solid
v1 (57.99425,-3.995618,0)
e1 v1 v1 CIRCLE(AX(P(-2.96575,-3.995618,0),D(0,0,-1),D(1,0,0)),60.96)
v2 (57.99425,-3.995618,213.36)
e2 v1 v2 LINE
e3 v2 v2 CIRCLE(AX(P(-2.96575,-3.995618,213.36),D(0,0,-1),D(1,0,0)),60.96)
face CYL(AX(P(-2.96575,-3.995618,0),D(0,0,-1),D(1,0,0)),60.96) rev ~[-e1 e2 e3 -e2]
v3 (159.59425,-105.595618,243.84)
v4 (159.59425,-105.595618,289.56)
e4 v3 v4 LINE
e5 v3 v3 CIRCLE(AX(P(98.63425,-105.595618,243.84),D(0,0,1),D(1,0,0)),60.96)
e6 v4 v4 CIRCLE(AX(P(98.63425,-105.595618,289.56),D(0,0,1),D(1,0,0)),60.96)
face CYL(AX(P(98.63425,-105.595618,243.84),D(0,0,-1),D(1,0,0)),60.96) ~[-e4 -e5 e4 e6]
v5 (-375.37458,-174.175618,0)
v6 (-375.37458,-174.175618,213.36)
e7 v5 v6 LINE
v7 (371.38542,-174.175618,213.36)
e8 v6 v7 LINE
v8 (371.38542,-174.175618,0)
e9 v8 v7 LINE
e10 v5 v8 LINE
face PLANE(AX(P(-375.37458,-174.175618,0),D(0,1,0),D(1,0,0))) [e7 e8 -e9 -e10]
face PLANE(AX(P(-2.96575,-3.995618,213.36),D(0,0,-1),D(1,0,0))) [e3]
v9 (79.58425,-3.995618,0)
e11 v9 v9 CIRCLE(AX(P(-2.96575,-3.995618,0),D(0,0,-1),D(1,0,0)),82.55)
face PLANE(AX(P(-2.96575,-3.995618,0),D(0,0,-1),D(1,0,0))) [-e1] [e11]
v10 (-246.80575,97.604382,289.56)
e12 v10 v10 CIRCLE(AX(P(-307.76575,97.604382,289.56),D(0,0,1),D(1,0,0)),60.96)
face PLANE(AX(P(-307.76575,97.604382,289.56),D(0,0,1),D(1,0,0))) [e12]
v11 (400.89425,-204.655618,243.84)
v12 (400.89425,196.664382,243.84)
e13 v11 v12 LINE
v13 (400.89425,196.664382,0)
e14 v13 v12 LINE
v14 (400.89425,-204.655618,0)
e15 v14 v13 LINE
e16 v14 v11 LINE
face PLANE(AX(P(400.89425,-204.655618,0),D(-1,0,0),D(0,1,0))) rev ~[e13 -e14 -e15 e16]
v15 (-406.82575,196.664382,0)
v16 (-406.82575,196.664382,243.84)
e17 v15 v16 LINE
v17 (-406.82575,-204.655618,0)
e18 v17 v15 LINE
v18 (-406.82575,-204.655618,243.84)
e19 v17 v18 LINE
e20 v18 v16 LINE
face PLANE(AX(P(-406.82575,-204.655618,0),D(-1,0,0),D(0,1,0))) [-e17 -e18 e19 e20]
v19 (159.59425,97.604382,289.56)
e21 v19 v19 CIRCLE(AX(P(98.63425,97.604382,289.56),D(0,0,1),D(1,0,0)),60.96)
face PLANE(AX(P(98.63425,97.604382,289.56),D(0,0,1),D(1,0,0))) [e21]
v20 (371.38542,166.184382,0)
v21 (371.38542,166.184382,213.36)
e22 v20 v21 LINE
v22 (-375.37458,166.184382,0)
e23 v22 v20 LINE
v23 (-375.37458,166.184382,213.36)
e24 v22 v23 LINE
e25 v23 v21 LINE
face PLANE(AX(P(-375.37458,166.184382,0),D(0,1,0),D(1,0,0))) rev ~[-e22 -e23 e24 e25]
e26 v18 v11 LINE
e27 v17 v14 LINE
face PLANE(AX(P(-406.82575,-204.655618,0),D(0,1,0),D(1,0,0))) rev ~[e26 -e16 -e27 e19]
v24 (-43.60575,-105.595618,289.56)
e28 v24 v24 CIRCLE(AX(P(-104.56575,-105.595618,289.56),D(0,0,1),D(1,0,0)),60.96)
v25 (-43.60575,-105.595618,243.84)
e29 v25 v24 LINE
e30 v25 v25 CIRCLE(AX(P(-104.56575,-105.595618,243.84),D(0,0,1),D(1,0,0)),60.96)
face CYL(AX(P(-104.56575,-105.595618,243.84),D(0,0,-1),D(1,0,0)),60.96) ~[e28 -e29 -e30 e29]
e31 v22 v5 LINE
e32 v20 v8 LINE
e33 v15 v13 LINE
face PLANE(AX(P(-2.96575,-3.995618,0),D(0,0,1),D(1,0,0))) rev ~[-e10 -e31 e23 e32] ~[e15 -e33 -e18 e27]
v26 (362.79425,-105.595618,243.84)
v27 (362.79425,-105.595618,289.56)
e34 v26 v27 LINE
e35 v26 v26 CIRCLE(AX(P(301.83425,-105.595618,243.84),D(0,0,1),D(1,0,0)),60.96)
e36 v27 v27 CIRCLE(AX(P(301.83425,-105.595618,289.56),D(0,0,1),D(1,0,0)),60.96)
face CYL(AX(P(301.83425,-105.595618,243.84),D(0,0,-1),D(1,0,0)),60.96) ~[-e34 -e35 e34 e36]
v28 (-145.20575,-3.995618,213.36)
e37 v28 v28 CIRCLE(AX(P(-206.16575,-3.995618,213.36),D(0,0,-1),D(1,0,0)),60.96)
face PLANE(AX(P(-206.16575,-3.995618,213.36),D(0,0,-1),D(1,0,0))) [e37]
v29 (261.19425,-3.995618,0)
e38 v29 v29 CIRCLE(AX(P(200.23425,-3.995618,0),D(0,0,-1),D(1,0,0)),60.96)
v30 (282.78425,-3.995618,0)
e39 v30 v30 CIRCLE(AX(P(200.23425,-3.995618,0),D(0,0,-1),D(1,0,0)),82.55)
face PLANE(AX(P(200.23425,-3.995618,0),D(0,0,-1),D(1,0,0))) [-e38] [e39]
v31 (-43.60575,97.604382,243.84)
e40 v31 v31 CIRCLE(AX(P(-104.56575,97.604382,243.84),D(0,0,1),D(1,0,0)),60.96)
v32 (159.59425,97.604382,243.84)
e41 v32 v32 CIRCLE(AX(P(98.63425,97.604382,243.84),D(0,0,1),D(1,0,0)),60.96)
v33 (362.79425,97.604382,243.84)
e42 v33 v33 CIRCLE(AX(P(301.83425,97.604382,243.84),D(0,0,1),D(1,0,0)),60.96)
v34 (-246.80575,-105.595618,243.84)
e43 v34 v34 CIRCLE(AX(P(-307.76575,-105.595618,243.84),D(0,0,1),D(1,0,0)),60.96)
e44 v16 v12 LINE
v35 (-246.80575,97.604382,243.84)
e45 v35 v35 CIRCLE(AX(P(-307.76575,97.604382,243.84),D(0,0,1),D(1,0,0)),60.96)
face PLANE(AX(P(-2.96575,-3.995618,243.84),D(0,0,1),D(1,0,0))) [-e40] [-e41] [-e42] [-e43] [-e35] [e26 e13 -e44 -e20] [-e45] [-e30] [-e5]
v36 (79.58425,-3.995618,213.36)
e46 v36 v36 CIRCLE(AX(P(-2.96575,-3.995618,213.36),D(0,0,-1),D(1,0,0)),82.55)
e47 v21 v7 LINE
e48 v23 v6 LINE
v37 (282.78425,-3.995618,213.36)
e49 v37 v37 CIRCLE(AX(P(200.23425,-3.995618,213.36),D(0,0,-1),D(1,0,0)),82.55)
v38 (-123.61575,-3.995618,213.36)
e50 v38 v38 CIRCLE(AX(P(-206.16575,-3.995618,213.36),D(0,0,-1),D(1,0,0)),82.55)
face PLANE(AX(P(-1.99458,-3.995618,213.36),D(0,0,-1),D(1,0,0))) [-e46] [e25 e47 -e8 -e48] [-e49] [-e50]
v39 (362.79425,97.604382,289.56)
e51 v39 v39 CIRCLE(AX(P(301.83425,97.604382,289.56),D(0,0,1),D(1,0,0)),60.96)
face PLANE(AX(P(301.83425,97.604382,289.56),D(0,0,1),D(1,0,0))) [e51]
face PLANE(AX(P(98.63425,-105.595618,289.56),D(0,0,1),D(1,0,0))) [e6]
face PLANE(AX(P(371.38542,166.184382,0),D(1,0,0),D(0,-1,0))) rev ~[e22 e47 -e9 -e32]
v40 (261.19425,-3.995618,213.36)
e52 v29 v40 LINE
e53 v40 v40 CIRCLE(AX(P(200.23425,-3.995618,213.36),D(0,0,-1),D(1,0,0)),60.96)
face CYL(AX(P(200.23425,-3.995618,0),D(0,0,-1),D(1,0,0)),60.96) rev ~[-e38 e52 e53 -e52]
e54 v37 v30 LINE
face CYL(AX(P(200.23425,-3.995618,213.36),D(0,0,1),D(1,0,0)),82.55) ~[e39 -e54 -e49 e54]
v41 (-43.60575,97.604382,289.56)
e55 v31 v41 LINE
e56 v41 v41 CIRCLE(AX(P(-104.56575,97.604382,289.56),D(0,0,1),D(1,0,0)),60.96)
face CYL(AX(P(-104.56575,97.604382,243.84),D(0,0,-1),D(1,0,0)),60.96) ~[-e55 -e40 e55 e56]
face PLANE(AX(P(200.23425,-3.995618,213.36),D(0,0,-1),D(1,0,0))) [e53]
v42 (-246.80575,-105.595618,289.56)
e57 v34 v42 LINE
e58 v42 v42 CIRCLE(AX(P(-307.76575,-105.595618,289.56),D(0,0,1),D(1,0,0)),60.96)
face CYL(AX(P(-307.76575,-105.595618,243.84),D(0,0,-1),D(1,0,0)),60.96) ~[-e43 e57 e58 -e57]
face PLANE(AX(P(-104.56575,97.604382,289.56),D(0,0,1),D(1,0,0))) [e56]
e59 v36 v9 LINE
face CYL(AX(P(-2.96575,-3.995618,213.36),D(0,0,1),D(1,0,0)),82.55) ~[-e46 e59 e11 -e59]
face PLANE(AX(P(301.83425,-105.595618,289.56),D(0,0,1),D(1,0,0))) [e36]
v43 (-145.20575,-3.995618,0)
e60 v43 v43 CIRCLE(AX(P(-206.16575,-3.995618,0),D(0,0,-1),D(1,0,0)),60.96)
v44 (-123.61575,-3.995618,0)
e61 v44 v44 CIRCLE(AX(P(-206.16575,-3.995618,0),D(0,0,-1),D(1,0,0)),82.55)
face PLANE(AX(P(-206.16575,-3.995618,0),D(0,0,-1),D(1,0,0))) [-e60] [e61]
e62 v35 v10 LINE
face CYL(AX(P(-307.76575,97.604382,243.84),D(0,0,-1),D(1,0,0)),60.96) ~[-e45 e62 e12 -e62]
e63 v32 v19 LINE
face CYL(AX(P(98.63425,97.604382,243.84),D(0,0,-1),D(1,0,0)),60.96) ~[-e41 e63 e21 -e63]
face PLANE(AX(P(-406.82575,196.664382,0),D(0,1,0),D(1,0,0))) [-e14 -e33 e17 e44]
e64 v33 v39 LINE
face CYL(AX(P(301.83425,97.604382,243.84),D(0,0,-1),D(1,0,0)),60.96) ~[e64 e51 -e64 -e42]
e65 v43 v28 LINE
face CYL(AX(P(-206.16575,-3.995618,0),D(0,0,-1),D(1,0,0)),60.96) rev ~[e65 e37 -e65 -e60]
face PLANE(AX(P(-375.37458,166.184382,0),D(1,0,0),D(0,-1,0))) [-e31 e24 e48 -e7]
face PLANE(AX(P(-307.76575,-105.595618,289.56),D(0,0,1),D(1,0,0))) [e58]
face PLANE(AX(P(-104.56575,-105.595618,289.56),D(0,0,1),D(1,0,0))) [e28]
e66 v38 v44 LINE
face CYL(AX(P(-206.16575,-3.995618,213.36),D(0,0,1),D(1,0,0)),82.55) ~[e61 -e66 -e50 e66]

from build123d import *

# Parameters (mm, degrees)
F0_W     = 807.72
F0_H     = 401.32
F1_DEPTH = 243.84
F2_R     = 60.96
F3_DEPTH = 45.72
F4_W     = 746.76
F4_H     = 340.36
F5_DEPTH = 213.36
F6_R     = 82.55
F7_DEPTH = 213.36
F8_R     = 60.96
F9_DEPTH = 213.36


with BuildPart() as f1:
    # F0 (on Top) → F1 (new body)
    with BuildSketch(Plane.XY):
        with Locations((-2.96575, -3.995618)):
            Rectangle(F0_W, F0_H)
    extrude(amount=F1_DEPTH)

    # F2 (on face) → F3 (join)
    with BuildSketch(Plane.XY.offset(243.84)):
        with Locations((-307.76575, 97.604382)):
            Circle(F2_R)
        with Locations((-307.76575, -105.595618)):
            Circle(F2_R)
        with Locations((-104.56575, -105.595618)):
            Circle(F2_R)
        with Locations((-104.56575, 97.604382)):
            Circle(F2_R)
        with Locations((98.63425, 97.604382)):
            Circle(F2_R)
        with Locations((98.63425, -105.595618)):
            Circle(F2_R)
        with Locations((301.83425, -105.595618)):
            Circle(F2_R)
        with Locations((301.83425, 97.604382)):
            Circle(F2_R)
    extrude(amount=F3_DEPTH)

    # F4 (on face) → F5 (cut)
    with BuildSketch(Plane(origin=(0, 0, 0), x_dir=(1, 0, 0), z_dir=(0, 0, -1))):
        with Locations((-1.99458, 3.995618)):
            Rectangle(F4_W, F4_H)
    extrude(amount=-F5_DEPTH, mode=Mode.SUBTRACT)

    # F6 (on face) → F7 (join)
    with BuildSketch(Plane(origin=(0, 0, 213.36), x_dir=(1, 0, 0), z_dir=(0, 0, -1))):
        with Locations((-206.16575, 3.995618)):
            Circle(F6_R)
        with Locations((-2.96575, 3.995618)):
            Circle(F6_R)
        with Locations((200.23425, 3.995618)):
            Circle(F6_R)
    extrude(amount=F7_DEPTH)

    # F8 (on face) → F9 (cut)
    with BuildSketch(Plane(origin=(0, 0, 0), x_dir=(1, 0, 0), z_dir=(0, 0, -1))):
        with Locations((-206.16575, 3.995618)):
            Circle(F8_R)
        with Locations((-2.96575, 3.995618)):
            Circle(F8_R)
        with Locations((200.23425, 3.995618)):
            Circle(F8_R)
    extrude(amount=-F9_DEPTH, mode=Mode.SUBTRACT)


solid = f1.part
